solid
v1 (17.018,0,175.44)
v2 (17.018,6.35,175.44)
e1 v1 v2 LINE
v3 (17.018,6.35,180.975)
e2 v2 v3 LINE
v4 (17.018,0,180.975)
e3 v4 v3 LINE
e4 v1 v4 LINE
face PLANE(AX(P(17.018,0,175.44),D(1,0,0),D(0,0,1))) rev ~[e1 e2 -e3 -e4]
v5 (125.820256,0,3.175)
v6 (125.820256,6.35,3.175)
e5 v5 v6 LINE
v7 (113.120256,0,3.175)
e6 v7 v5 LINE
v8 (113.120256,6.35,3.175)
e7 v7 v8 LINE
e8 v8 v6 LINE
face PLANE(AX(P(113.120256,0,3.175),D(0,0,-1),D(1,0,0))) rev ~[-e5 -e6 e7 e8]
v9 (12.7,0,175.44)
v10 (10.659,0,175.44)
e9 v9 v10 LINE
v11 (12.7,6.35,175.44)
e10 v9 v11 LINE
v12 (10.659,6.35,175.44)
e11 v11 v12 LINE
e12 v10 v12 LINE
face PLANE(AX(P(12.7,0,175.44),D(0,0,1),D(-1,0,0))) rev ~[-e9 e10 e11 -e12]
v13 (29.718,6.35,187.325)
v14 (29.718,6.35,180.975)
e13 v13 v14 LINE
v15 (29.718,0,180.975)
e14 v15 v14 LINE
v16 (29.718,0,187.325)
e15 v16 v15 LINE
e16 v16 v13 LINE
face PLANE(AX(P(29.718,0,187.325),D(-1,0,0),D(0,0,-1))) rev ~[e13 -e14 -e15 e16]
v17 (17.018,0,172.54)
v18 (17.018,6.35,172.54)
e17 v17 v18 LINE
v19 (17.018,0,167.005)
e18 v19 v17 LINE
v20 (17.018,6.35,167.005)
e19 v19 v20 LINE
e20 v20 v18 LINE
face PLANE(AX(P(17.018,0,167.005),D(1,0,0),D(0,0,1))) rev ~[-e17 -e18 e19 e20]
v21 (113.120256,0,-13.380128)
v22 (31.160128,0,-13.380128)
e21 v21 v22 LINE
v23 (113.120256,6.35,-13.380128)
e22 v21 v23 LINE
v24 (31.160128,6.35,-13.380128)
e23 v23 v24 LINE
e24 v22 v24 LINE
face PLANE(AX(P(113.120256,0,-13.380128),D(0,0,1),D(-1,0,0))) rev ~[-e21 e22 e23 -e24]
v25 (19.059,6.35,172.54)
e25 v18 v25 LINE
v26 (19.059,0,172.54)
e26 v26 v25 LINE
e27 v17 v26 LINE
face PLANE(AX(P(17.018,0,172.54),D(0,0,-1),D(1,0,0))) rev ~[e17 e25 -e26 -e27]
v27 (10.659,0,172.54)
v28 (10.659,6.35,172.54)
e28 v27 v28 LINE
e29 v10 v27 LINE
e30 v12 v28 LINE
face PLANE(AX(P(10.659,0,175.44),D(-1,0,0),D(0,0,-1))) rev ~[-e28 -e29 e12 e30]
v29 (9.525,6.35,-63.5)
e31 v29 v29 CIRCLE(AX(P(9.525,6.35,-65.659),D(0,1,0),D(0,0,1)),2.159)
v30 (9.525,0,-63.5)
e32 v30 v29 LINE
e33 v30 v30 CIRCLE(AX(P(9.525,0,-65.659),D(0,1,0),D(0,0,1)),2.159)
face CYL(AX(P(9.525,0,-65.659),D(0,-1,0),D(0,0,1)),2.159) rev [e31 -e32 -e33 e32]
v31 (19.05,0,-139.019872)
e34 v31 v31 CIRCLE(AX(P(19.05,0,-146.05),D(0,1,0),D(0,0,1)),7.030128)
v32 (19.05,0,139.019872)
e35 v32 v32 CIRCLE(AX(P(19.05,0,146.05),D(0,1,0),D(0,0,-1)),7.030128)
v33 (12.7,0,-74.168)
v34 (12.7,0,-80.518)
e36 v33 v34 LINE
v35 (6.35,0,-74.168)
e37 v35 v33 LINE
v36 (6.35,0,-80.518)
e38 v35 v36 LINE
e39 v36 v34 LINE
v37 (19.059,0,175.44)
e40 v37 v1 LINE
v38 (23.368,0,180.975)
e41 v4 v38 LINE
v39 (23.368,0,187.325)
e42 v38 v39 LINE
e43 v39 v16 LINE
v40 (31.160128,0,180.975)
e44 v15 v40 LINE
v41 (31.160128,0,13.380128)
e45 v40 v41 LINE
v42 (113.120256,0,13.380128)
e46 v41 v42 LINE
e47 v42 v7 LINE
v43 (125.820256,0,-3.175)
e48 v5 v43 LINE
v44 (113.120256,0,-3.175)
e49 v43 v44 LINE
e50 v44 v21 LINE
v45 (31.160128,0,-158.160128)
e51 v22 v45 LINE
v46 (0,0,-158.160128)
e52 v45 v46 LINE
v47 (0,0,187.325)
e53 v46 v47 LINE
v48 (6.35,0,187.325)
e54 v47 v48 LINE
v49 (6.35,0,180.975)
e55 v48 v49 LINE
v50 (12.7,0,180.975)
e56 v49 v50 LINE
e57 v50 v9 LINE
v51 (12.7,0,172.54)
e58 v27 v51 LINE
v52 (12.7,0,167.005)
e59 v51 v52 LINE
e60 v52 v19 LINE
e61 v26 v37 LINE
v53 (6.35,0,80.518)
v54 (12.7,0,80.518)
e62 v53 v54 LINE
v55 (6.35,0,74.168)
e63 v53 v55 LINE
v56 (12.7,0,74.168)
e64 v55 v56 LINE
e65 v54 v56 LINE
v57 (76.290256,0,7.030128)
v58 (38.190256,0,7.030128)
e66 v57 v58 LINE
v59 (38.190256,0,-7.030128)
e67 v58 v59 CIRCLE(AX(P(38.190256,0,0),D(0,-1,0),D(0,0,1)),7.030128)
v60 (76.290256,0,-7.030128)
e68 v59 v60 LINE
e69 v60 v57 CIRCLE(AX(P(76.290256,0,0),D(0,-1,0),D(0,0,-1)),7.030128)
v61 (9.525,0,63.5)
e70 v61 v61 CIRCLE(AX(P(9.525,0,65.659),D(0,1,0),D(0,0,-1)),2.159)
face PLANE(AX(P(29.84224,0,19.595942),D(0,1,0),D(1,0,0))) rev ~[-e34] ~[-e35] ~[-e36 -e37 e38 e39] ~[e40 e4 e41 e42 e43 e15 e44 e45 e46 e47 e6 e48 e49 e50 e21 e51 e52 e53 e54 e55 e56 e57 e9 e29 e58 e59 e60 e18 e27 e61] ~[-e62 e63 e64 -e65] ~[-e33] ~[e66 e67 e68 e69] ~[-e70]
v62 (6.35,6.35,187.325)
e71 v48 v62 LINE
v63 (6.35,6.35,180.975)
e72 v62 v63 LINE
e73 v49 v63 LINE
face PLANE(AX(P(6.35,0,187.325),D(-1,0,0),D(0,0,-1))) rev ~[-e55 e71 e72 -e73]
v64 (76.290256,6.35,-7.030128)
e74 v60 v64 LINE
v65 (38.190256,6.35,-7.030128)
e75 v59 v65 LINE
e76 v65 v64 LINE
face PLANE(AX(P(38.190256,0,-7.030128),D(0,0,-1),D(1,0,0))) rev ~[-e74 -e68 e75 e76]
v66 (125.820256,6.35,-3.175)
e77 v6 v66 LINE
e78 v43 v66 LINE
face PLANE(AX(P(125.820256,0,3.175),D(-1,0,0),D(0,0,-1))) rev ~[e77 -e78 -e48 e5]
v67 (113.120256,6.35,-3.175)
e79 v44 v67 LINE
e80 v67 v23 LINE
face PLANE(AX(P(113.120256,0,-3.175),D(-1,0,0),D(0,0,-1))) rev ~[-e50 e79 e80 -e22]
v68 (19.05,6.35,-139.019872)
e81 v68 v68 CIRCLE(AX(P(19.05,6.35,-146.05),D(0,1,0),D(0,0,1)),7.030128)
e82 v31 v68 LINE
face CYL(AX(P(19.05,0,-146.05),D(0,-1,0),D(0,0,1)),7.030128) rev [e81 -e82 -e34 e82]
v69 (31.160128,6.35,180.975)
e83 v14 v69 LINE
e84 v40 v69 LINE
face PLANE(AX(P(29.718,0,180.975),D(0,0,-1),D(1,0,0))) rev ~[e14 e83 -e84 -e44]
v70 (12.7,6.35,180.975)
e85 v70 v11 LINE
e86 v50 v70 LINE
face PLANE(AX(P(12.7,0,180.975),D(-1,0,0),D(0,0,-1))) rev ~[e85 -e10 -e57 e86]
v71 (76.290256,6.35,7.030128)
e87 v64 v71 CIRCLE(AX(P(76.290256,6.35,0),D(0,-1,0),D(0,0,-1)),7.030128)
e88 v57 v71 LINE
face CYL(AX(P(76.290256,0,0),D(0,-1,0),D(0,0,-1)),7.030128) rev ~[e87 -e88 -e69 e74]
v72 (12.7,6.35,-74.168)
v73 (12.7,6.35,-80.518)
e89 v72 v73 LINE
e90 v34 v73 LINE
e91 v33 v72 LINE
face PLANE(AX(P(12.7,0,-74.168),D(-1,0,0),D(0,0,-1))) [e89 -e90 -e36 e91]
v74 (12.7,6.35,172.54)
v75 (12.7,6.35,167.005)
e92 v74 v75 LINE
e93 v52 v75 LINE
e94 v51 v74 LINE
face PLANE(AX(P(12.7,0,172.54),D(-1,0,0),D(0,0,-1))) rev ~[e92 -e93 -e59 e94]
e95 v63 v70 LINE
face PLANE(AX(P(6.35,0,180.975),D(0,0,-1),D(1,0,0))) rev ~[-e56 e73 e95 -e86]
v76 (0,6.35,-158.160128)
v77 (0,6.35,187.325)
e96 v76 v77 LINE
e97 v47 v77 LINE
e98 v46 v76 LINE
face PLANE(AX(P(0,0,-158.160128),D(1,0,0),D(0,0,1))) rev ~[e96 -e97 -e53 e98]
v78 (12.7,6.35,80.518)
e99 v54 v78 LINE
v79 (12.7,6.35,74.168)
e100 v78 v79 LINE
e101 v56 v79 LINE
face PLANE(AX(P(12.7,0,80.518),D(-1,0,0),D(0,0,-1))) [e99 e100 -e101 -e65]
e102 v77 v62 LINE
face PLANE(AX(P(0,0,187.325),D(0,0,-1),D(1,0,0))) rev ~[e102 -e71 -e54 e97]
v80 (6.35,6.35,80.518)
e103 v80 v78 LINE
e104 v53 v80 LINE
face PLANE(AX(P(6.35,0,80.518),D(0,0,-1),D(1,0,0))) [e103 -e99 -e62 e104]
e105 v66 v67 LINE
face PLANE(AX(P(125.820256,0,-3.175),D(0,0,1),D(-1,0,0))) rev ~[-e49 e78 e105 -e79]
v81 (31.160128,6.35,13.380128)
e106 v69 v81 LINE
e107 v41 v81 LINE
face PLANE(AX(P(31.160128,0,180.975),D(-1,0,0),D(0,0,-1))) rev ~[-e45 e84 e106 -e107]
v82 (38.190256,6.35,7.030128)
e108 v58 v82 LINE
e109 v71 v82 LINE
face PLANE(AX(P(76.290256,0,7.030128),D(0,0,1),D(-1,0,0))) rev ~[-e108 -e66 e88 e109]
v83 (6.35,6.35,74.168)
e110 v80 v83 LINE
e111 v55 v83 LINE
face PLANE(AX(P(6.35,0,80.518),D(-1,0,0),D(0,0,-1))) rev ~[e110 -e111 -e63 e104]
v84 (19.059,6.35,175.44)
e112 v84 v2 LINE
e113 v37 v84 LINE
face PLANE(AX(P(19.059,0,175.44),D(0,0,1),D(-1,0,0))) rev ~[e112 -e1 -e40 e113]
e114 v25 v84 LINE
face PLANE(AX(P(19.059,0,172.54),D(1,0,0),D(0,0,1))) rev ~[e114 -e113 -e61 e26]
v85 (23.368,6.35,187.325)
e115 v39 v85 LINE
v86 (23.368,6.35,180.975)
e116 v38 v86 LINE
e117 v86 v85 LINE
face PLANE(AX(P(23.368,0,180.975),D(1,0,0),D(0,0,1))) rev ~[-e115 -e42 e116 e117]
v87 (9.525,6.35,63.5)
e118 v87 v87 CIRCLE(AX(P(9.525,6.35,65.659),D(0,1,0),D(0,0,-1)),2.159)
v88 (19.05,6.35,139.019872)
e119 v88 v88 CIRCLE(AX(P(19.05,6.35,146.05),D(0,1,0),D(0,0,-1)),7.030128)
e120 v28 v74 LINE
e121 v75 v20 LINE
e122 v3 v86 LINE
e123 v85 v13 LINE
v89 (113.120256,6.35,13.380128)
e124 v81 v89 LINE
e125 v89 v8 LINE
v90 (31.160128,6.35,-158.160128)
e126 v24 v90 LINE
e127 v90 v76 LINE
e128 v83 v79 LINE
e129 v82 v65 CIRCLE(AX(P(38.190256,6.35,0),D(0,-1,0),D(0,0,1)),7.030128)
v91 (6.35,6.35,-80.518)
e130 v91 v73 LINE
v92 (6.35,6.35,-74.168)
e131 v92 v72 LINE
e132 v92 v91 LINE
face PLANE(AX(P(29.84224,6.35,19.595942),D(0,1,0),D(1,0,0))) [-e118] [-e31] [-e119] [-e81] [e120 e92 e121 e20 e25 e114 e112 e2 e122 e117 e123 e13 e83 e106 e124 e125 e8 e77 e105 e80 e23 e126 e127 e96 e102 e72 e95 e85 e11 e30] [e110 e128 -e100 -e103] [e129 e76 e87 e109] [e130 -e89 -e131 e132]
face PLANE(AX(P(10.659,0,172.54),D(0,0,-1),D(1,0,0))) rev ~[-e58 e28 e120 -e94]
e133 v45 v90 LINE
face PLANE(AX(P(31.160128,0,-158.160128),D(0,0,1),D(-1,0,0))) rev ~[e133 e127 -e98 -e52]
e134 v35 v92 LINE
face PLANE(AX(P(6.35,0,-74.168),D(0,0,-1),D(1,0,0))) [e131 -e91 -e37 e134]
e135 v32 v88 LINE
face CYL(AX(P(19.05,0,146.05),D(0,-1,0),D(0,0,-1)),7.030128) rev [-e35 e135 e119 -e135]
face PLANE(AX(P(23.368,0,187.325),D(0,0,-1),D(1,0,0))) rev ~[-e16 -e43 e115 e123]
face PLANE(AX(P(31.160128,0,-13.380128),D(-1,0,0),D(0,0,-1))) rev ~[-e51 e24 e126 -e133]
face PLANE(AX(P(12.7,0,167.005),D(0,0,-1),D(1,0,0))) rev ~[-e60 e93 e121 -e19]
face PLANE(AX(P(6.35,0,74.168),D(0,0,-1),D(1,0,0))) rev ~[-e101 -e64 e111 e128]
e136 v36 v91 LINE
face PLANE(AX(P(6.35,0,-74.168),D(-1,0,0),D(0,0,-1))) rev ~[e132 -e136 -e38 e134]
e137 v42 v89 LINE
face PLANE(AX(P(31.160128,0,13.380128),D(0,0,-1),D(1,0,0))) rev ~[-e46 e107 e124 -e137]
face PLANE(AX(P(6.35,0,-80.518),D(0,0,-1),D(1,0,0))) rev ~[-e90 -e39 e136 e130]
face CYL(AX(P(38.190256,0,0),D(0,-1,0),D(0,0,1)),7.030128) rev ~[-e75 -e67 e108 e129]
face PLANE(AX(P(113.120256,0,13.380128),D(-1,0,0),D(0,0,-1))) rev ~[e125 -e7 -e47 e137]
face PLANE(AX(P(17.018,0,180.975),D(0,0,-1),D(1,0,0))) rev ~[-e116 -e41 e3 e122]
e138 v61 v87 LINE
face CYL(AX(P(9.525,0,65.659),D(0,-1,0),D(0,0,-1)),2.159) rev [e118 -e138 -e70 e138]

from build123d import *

# Parameters (mm, degrees)
AXLE_SUPPORT_PLATE_R   = 7.030128061
AXLE_SUPPORT_PLATE_R_2 = 2.159
AXLE_SUPPORT_PLATE_W   = 6.35
AXLE_SUPPORT_PLATE_H   = 6.35
BOSS_EXTRUDE1_DEPTH    = 6.35


with BuildPart() as part:
    # Axle Support Plate → Boss-Extrude1 (new body)
    with BuildSketch(Plane(origin=(0, 0, 0), x_dir=(1, 0, 0), z_dir=(0, 1, 0))):
        Polygon((31.160128061, -180.975), (31.160128061, -13.380128061), (113.120256121, -13.380128061), (113.120256121, -3.175), (125.820256121, -3.175), (125.820256121, 3.175), (113.120256121, 3.175), (113.120256121, 13.380128061), (31.160128061, 13.380128061), (31.160128061, 158.160128061), (0, 158.160128061), (0, -187.325), (6.35, -187.325), (6.35, -180.975), (12.7, -180.975), (12.7, -175.440000021), (10.659000018, -175.440000021), (10.659000018, -172.539999979), (12.7, -172.539999979), (12.7, -167.005), (17.018, -167.005), (17.018, -172.539999979), (19.058999982, -172.539999979), (19.058999982, -175.440000021), (17.018, -175.440000021), (17.018, -180.975), (23.368, -180.975), (23.368, -187.325), (29.718, -187.325), (29.718, -180.975), align=None)
        with Locations(Location((19.05, 146.05, 0), (0, 0, 270))):
            Circle(AXLE_SUPPORT_PLATE_R, mode=Mode.SUBTRACT)
        with Locations(Location((19.05, -146.05, 0), (0, 0, 90))):
            Circle(AXLE_SUPPORT_PLATE_R, mode=Mode.SUBTRACT)
        with Locations(Location((9.525, 65.659, 0), (0, 0, 270))):
            Circle(AXLE_SUPPORT_PLATE_R_2, mode=Mode.SUBTRACT)
        with Locations(Location((9.525, -65.659, 0), (0, 0, 90))):
            Circle(AXLE_SUPPORT_PLATE_R_2, mode=Mode.SUBTRACT)
        with Locations((9.525, -77.343)):
            Rectangle(AXLE_SUPPORT_PLATE_W, AXLE_SUPPORT_PLATE_H, mode=Mode.SUBTRACT)
        with Locations((9.525, 77.343)):
            Rectangle(AXLE_SUPPORT_PLATE_W, AXLE_SUPPORT_PLATE_H, mode=Mode.SUBTRACT)
        with BuildLine():
            Line((38.190256121, 7.030128061), (76.290256121, 7.030128061))
            ThreePointArc((76.290256121, 7.030128061), (83.320384182, 0), (76.290256121, -7.030128061))
            Line((76.290256121, -7.030128061), (38.190256121, -7.030128061))
            ThreePointArc((38.190256121, -7.030128061), (31.160128061, 0), (38.190256121, 7.030128061))
        make_face(mode=Mode.SUBTRACT)
    extrude(amount=BOSS_EXTRUDE1_DEPTH)


solid = part.part
